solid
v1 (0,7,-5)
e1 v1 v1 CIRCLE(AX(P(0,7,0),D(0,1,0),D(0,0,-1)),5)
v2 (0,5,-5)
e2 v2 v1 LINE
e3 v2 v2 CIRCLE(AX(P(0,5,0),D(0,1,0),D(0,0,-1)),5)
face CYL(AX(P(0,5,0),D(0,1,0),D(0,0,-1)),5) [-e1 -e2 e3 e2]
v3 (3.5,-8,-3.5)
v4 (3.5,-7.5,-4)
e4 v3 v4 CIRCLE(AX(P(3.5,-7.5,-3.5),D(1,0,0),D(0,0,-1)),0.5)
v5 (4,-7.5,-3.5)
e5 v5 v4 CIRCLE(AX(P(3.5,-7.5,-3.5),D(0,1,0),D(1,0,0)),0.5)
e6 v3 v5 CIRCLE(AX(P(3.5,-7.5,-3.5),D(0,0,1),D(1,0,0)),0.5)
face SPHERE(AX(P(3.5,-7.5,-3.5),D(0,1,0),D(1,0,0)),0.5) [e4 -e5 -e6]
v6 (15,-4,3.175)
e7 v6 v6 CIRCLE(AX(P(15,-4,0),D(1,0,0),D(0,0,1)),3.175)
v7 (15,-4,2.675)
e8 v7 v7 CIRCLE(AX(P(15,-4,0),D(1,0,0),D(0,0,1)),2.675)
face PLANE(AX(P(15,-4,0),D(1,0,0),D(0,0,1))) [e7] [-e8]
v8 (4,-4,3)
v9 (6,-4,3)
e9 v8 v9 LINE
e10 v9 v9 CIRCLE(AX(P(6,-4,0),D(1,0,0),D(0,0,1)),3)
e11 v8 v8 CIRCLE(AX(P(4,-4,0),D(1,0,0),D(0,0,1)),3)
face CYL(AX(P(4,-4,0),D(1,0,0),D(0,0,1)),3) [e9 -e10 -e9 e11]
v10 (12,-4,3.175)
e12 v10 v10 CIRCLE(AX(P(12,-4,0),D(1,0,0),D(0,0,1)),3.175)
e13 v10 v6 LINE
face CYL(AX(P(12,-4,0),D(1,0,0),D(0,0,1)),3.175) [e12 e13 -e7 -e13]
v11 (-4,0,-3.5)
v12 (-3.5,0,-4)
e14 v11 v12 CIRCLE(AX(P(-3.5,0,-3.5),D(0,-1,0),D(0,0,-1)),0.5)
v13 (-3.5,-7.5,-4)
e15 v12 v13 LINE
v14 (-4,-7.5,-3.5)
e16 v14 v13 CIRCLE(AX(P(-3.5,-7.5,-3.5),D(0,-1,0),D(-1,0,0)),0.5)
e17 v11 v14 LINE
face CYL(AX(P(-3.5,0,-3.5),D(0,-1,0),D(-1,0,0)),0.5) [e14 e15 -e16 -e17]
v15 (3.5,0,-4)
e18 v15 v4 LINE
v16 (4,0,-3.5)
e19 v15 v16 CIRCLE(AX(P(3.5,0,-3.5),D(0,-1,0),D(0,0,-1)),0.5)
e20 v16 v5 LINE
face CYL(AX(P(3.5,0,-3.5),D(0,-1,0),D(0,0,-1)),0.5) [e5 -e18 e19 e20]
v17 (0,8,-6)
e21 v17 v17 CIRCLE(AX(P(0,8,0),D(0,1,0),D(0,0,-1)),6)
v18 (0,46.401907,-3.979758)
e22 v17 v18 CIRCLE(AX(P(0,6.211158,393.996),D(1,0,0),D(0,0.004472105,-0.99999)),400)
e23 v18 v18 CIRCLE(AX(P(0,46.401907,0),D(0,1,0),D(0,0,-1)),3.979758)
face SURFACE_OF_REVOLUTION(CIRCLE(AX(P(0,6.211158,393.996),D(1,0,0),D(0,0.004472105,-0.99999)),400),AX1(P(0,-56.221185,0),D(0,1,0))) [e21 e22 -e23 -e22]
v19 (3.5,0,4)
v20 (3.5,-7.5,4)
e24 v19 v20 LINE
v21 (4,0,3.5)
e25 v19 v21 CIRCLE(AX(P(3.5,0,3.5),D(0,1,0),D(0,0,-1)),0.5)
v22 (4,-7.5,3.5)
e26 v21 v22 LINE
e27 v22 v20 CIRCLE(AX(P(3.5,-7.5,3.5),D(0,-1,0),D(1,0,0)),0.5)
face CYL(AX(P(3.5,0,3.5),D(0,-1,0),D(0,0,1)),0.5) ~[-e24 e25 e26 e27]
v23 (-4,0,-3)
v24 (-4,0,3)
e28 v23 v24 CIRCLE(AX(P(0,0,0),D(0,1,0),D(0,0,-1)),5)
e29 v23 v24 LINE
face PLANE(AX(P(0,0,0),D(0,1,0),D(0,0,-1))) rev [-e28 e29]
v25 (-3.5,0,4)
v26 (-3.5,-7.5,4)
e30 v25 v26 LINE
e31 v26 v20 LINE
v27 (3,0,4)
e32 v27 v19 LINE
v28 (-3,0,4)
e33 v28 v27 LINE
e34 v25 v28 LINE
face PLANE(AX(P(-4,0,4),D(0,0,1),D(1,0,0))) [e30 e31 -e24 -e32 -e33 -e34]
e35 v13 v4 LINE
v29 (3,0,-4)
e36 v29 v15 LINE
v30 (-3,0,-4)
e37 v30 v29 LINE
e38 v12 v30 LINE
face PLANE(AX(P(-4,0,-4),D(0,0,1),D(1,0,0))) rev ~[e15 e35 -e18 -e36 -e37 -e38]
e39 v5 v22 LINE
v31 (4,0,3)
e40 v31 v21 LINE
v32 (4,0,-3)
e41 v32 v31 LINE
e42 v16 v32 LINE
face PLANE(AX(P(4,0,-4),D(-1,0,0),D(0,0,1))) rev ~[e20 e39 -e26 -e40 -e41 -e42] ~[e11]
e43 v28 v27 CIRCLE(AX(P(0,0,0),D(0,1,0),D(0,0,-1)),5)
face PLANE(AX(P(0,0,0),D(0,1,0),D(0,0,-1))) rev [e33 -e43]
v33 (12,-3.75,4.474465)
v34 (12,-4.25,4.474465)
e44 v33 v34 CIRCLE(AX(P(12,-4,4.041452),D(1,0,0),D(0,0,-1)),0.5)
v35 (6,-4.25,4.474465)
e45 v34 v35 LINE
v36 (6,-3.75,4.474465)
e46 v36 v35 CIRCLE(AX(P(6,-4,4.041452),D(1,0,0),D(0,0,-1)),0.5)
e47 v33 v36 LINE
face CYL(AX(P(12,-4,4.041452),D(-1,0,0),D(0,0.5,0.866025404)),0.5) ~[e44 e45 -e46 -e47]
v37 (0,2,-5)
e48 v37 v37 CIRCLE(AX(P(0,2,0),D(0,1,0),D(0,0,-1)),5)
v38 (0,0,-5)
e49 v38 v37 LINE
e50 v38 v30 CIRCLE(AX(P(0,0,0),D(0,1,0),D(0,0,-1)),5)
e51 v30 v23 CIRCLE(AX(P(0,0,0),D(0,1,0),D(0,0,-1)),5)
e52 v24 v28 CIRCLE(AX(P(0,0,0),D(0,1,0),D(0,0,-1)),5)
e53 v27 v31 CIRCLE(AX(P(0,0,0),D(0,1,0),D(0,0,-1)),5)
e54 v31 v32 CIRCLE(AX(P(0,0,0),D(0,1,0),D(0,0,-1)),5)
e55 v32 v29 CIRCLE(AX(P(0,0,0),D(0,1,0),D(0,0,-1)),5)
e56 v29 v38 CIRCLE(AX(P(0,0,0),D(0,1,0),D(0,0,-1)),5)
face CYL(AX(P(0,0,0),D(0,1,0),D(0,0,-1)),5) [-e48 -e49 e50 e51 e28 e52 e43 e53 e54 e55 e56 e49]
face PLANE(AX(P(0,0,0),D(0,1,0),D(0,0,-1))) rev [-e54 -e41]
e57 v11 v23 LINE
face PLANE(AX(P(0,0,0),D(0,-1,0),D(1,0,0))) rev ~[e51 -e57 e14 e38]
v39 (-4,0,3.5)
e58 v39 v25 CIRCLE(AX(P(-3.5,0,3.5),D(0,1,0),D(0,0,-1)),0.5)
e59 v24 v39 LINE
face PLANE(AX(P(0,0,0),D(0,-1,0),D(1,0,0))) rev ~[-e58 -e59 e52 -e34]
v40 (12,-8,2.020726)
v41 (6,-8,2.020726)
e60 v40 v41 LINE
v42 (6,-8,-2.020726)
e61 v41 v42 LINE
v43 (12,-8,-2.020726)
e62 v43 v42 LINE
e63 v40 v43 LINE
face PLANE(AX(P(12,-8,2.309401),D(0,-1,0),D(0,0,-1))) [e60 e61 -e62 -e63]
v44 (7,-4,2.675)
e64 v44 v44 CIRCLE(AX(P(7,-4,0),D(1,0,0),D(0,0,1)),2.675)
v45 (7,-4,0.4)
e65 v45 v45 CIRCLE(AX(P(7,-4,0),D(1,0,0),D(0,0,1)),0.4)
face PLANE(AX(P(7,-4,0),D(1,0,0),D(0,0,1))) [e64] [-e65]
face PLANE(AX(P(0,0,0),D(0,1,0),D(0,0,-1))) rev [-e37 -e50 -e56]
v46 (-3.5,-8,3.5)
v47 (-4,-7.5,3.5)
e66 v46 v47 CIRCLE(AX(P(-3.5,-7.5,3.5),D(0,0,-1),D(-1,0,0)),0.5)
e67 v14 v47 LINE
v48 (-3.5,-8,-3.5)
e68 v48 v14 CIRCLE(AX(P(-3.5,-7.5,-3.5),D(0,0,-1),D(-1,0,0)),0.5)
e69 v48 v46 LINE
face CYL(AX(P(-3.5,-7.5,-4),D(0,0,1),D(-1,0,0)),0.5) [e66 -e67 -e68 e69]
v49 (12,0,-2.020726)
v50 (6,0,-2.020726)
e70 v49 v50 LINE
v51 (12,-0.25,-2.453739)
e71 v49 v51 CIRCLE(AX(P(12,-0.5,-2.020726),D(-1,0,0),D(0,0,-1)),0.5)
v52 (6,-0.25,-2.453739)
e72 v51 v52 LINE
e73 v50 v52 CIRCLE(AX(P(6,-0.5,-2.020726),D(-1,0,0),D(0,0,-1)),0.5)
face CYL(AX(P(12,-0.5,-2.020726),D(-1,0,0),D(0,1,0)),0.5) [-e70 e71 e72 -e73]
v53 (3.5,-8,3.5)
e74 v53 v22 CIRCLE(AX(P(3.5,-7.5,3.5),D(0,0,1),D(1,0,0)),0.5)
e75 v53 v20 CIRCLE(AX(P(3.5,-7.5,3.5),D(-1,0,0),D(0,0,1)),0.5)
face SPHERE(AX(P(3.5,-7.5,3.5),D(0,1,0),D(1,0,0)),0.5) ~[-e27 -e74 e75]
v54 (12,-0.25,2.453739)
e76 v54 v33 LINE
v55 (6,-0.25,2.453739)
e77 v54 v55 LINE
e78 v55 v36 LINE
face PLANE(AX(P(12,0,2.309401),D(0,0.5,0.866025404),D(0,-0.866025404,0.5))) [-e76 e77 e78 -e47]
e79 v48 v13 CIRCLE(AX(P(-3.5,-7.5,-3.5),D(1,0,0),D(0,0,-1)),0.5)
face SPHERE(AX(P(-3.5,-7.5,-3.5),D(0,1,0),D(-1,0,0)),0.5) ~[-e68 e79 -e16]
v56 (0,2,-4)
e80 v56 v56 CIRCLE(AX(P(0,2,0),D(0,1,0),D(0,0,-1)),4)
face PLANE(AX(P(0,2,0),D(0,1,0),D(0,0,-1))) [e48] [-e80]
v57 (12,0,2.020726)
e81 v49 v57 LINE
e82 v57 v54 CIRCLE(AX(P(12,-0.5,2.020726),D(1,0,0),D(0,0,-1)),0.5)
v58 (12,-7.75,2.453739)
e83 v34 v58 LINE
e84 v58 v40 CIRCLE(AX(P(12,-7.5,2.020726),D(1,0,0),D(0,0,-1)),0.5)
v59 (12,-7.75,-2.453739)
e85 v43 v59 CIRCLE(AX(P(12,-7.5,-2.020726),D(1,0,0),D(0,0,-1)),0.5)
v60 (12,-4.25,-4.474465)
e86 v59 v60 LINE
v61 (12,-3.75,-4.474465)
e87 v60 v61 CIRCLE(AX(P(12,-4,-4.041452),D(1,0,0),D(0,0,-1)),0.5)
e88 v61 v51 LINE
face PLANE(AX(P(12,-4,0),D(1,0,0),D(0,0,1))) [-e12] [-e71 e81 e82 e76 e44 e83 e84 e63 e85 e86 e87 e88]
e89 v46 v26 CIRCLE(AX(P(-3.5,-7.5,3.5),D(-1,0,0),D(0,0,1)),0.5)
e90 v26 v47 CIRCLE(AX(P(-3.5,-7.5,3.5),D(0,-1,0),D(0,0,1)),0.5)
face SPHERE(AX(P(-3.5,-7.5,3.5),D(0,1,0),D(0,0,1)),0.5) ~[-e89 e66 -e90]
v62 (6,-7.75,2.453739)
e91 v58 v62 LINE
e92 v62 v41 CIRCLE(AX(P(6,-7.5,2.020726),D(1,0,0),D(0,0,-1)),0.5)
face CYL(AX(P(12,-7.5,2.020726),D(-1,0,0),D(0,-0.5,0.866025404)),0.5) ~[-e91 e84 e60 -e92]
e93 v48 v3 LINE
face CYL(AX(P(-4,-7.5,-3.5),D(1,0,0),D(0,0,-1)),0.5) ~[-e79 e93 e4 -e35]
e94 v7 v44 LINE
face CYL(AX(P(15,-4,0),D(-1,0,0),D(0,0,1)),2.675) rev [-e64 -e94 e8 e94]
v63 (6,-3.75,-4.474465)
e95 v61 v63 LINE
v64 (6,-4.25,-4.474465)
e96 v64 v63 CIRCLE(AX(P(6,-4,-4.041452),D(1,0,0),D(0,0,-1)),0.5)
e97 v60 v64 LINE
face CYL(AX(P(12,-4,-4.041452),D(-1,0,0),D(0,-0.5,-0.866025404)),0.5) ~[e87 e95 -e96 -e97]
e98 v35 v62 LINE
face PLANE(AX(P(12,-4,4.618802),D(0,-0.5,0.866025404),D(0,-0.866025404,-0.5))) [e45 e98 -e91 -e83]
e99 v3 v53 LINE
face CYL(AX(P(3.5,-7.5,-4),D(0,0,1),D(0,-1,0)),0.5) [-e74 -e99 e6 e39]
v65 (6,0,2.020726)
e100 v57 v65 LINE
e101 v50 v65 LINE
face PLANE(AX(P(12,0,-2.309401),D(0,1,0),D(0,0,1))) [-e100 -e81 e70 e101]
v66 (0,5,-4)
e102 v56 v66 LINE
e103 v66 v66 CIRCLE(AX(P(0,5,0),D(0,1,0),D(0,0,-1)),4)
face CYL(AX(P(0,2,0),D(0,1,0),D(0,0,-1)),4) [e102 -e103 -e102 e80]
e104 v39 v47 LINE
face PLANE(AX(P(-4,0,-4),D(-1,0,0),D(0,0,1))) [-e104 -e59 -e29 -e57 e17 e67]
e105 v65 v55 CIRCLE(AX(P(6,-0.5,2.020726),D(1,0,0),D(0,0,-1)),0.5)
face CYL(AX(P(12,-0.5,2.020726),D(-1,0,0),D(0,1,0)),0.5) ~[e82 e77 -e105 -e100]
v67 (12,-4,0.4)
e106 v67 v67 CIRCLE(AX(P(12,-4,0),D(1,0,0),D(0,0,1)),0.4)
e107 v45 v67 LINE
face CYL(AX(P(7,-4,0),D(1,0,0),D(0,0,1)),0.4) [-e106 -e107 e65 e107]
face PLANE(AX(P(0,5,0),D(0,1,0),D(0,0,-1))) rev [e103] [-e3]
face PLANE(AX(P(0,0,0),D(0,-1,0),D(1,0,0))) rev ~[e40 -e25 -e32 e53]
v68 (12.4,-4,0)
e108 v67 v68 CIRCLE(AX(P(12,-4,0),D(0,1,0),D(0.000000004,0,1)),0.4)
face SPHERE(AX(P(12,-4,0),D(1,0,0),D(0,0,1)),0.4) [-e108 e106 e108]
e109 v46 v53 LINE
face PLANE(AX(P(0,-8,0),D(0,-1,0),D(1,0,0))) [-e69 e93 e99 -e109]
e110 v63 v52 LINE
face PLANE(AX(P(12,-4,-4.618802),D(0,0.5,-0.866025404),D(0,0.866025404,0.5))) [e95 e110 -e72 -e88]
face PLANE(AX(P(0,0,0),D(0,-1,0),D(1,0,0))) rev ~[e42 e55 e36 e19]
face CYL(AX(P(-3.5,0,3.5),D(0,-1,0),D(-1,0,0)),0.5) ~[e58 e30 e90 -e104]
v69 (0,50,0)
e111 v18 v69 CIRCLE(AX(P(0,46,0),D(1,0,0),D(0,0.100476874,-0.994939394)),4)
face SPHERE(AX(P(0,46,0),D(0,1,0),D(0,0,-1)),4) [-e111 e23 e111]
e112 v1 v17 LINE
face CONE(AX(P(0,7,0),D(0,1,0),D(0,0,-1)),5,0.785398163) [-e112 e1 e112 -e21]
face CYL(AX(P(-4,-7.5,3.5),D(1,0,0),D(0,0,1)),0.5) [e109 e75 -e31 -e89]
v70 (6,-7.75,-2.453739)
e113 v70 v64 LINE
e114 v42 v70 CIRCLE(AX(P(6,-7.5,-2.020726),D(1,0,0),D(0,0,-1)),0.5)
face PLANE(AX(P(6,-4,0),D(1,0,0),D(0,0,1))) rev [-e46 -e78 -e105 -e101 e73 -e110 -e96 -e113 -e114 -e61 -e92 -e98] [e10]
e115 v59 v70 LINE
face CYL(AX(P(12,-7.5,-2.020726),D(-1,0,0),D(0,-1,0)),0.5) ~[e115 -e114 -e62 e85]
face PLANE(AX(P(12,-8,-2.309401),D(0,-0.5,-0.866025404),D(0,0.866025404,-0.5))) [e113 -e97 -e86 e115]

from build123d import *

# Parameters (mm, degrees)
SKETCH_2_W          = 8
SKETCH_2_H          = 8
EXTRUDE_1_DEPTH     = 8
SKETCH_4_R          = 5
CUT_EXTRUDE_1_DEPTH = 6
FILLET_1_R          = 0.5


with BuildPart() as part:
    # 草图1 → 旋转1 (revolve)
    with BuildSketch(Plane.XY, mode=Mode.PRIVATE) as revolve_1_sk:
        with BuildLine():
            Line((0, 0), (5, 0))
            Line((5, 0), (5, 2))
            Line((5, 2), (4, 2))
            Line((4, 2), (4, 5))
            Line((4, 5), (5, 5))
            Line((5, 5), (5, 7))
            Line((5, 7), (6, 8))
            ThreePointArc((6, 8), (5.451628729, 27.225245427), (3.979757576, 46.401907496))
            ThreePointArc((3.979757576, 46.401907496), (2.682570597, 48.967122342), (0, 50))
            Line((0, 50), (0, 0))
        make_face()
    revolve(revolve_1_sk.sketch.rotate(Axis((0, -56.22118461, 0), (0, 1, 0)), 90), axis=Axis((0, -56.22118461, 0), (0, 1, 0)))

    # 草图2 → 凸台-拉伸1 (add)
    with BuildSketch(Plane.XZ):
        Rectangle(SKETCH_2_W, SKETCH_2_H)
    extrude(amount=EXTRUDE_1_DEPTH)

    # 草图3 → 旋转2 (revolve)
    with BuildSketch(Plane.XY, mode=Mode.PRIVATE) as revolve_2_sk:
        with BuildLine():
            Line((4, -4), (4, -1))
            Line((4, -1), (6, -1))
            Line((6, -1), (6, 1))
            Line((6, 1), (12, 1))
            Line((12, 1), (12, -0.825))
            Line((12, -0.825), (15, -0.825))
            Line((15, -0.825), (15, -1.325))
            Line((15, -1.325), (7, -1.325))
            Line((7, -1.325), (7, -3.6))
            Line((7, -3.6), (12, -3.6))
            ThreePointArc((12, -3.6), (12.282842712, -3.717157288), (12.4, -4))
            Line((12.4, -4), (4, -4))
        make_face()
    revolve(revolve_2_sk.sketch.rotate(Axis((-4, -4, 0), (1, 0, 0)), 90), axis=Axis((-4, -4, 0), (1, 0, 0)))

    # 草图4 → 切除-拉伸1 (cut)
    with BuildSketch(Plane(origin=(12, 0, 0), x_dir=(0, 0, -1), z_dir=(1, 0, 0))):
        with Locations((0, -4)):
            Circle(SKETCH_4_R)
        Polygon((2.309401077, 0), (-2.309401077, 0), (-4.618802154, -4), (-2.309401077, -8), (2.309401077, -8), (4.618802154, -4), align=None, mode=Mode.SUBTRACT)
    extrude(amount=-CUT_EXTRUDE_1_DEPTH, mode=Mode.SUBTRACT)

    # 圆角1
    fillet_1_edges = [part.edges().sort_by_distance(p)[0] for p in [
        (4, -4, -4),
        (4, -4, 4),
        (-4, -4, 4),
        (-4, -4, -4),
        (4, -8, 0),
        (0, -8, 4),
        (-4, -8, 0),
        (0, -8, -4),
        (9, 0, -2.309401077),
        (9, 0, 2.309401077),
        (9, -4, 4.618802154),
        (9, -8, 2.309401077),
        (9, -8, -2.309401077),
        (9, -4, -4.618802154),
    ]]
    fillet(fillet_1_edges, radius=FILLET_1_R)


solid = part.part
